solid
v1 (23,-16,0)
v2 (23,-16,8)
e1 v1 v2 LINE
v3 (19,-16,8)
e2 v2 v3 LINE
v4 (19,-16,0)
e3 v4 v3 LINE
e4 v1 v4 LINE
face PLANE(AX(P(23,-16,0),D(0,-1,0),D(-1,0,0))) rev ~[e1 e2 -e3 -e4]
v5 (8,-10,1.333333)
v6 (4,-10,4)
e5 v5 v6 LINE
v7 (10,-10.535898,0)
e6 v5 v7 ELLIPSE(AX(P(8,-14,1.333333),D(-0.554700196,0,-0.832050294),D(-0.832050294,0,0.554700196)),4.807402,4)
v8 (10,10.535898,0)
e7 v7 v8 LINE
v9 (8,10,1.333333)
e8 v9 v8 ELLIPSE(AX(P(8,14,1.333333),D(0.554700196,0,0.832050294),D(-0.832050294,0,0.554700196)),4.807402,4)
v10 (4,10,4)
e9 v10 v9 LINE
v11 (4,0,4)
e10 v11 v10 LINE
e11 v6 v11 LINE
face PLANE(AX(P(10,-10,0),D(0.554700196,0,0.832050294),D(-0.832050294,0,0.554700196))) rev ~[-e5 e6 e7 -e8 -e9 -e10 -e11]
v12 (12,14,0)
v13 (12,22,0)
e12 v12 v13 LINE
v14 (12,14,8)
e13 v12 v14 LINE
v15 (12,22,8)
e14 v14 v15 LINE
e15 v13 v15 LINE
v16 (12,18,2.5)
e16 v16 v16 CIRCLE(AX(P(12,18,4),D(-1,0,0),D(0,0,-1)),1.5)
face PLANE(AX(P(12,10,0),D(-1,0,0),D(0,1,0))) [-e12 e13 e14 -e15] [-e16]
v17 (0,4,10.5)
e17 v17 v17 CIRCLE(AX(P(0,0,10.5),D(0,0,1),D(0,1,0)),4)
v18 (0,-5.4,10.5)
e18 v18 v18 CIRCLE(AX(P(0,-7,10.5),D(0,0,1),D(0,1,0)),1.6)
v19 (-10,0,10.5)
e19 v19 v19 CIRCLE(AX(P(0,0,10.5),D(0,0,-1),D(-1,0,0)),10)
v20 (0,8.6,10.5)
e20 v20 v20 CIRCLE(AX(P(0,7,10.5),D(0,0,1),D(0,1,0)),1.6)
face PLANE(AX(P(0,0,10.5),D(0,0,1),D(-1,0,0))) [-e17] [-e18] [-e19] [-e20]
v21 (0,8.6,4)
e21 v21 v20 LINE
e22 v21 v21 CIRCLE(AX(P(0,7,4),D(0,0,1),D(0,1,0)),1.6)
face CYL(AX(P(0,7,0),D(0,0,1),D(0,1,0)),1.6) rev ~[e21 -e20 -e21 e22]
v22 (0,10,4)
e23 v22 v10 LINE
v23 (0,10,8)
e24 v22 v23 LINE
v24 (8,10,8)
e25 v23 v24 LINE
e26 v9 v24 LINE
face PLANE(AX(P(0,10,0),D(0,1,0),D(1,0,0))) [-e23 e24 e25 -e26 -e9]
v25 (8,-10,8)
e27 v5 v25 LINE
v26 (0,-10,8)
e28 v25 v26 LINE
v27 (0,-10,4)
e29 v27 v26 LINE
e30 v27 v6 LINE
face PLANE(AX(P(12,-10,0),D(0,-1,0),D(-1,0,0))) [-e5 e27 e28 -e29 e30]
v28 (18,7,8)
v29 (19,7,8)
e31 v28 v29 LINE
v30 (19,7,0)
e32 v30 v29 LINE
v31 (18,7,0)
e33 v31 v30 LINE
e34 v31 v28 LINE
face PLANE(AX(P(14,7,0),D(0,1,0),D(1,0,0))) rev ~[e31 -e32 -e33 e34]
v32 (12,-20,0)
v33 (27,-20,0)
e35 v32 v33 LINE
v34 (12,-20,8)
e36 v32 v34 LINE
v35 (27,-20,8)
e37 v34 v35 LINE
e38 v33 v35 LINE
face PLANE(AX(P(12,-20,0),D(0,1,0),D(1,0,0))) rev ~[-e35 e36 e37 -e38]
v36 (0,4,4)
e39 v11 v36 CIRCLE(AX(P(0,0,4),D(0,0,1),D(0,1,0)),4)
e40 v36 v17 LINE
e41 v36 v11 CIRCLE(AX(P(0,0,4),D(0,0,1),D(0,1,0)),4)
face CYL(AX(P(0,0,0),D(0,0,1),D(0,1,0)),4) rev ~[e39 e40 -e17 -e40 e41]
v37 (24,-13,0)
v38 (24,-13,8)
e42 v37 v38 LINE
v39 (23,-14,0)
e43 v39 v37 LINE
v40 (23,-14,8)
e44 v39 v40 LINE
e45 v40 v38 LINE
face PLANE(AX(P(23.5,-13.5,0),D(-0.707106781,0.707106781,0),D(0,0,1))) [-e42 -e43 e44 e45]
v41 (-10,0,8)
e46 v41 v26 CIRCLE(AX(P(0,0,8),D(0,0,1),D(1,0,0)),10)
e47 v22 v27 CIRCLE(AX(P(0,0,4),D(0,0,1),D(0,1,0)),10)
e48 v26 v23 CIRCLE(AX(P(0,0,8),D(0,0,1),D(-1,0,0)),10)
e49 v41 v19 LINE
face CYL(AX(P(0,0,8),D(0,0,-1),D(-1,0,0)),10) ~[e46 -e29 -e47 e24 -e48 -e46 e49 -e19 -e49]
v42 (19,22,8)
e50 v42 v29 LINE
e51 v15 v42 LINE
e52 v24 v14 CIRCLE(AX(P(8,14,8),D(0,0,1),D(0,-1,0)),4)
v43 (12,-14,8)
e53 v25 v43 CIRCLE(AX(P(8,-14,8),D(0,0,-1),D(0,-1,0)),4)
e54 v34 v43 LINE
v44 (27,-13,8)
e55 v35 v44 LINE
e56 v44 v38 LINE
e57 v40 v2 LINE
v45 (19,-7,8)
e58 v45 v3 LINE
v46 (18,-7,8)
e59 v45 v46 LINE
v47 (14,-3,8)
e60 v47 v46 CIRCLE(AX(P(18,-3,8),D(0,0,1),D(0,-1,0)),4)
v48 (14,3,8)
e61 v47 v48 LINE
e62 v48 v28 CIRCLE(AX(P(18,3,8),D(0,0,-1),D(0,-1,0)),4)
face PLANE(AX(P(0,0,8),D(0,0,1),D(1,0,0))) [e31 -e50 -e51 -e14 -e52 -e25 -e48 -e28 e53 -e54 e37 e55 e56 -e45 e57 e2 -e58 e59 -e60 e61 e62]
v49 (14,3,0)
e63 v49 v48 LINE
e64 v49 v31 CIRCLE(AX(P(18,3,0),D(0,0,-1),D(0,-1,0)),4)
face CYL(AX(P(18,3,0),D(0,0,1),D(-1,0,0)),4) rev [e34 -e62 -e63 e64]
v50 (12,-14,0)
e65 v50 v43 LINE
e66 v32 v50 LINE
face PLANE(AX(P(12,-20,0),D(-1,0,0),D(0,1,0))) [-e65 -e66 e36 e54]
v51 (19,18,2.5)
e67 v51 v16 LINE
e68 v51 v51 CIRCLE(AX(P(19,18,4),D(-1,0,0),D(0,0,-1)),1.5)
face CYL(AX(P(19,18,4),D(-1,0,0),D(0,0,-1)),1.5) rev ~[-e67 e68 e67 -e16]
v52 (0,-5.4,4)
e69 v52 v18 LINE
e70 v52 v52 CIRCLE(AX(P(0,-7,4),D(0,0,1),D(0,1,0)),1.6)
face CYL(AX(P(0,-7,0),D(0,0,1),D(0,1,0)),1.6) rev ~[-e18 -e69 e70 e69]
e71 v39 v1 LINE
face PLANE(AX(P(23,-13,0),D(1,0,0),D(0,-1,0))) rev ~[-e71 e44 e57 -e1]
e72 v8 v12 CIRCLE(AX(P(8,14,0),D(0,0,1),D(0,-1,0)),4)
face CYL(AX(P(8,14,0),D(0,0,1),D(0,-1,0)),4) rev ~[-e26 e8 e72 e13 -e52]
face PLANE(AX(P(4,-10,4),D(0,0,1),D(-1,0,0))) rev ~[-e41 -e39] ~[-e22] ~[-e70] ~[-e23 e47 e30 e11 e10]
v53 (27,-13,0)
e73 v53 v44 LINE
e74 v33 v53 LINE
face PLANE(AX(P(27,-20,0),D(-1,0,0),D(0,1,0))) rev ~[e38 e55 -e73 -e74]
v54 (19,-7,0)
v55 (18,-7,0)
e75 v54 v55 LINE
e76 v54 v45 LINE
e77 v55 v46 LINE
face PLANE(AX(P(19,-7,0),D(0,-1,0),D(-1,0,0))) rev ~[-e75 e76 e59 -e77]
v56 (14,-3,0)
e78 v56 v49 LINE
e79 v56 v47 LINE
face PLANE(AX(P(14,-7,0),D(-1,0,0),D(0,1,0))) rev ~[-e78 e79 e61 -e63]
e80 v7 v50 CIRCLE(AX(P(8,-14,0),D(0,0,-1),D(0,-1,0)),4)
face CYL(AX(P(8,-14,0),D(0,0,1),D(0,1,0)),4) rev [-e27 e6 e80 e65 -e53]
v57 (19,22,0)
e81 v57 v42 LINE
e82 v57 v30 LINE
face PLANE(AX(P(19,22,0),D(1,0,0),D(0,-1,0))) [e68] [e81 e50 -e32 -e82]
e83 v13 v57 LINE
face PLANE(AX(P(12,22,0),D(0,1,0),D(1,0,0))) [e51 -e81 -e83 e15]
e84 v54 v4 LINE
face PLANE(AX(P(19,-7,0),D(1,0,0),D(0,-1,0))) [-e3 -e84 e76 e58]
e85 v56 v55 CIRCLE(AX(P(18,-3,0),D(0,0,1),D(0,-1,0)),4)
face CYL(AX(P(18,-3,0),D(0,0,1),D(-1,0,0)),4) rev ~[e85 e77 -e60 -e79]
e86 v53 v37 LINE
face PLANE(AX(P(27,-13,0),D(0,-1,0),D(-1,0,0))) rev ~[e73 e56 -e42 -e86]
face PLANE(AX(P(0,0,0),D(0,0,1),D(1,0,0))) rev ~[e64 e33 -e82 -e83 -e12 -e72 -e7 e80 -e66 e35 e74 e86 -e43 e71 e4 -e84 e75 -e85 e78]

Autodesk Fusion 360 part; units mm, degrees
sketch "スケッチ1" plane through (0, 0, 0) normal (0, 0, 1) x (1, 0, 0)
  circle A0 centre (0, 0) radius 10
  line L0 (0, 10) -> (12, 10)
  line L1 (12, 10) -> (12, 22)
  line L2 (19, 22) -> (19, -16)
  line L3 (12, -20) -> (12, -10)
  line L4 (12, -10) -> (0, -10)
  line L5 (0, -7) -> (0, 7)
  line L6 (19, -7) -> (14, -7)
  line L7 (14, -7) -> (14, 7)
  line L8 (14, 7) -> (19, 7)
  line L9 (12, 22) -> (19, 22)
  line L10 (12, -20) -> (27, -20)
  line L11 (27, -20) -> (27, -13)
  line L12 (27, -13) -> (23, -13)
  line L13 (23, -13) -> (23, -16)
  line L14 (23, -16) -> (19, -16)
  point P0 (14, 0)
  dimension "d1" = 20
  dimension "d2" = 12
  dimension "d6" = 7
  dimension "d19" = 14
  dimension "d31" = 5
  dimension "d32" = 14
  dimension "d39" = 22
  dimension "d40" = 13
  dimension "d41" = 3
  dimension "d42" = 4
  dimension "d43" = 4
  dimension "d44" = 4
extrude "押し出し1" add sketch "スケッチ1" along normal blind 8 contours A0 | A0 L0 L1 L2 L3 L4 L6 L7 L8 L9 L10 L11 L12 L13 L14
sketch "スケッチ2" plane through (0, 0, 8) normal (0, 0, 1) x (-1, 0, 0)
  circle A0 centre (0, 0) radius 10
  line L0 (-12, 20) -> (-27, 20)
  line L1 (-27, 20) -> (-27, 13)
  line L2 (-27, 13) -> (-23, 13)
  line L3 (-23, 13) -> (-23, 16)
  line L4 (-23, 16) -> (-19, 16)
  line L5 (-19, 16) -> (-19, 7)
  line L6 (-19, -22) -> (-12, -22)
  line L7 (-12, -22) -> (-12, -10)
  line L8 (-12, -10) -> (0, -10)
  arc A1 (0, -10) -> (0, 10) centre (0, 0) ccw
  line L9 (0, 10) -> (-12, 10)
  line L10 (-12, 10) -> (-12, 20)
  line L11 (-19, 7) -> (-14, 7)
  line L12 (-14, 7) -> (-14, -7)
  line L13 (-14, -7) -> (-19, -7)
  line L14 (-19, -7) -> (-19, -22)
extrude "押し出し2" add sketch "スケッチ2" along normal blind 2.5 contours A0 A1
hole "穴1" at (0, 7, 0) at (0, -7, 0) direction (0, 0, 1) diameter 3.2 end through all
hole "穴3" at (0, 0, 0) direction (0, 0, 1) diameter 8 end through all
sketch "スケッチ3" plane through (0, -10, 0) normal (0, -1, 0) x (1, 0, 0)
  line L0 (0, 0) -> (12, 0)
  line L1 (12, 0) -> (12, 8)
  line L2 (12, 8) -> (0, 8)
  line L3 (0, 8) -> (0, 0)
  line L4 (10, 0) -> (4, 4)
  line L5 (4, 4) -> (-15, 4)
  line L6 (-15, 4) -> (-15, 0)
  line L7 (-15, 0) -> (10, 0)
  dimension "d20" = 10
  dimension "d21" = 15
  dimension "d22" = 6
  dimension "d23" = 4
extrude "押し出し3" cut sketch "スケッチ3" against normal through all contours L0 L3 L4 L5 L7 | L3 L5 L6 L7
sketch "スケッチ4" plane through (19, 0, 0) normal (1, 0, 0) x (0, 1, 0)
  line L0 (7, 0) -> (22, 0)
  line L1 (22, 8) -> (7, 8)
  line L2 (22, 4) -> (18, 4)
  line L3 (22, 0) -> (22, 8)
  line L4 (-16, 8) -> (-16, 0)
  line L5 (7, 8) -> (7, 0)
  line L6 (-16, 0) -> (-7, 0)
  line L7 (-7, 0) -> (-7, 8)
  line L8 (-7, 8) -> (-16, 8)
  dimension "d45" = 4
hole "穴2" at (19, 18, 4) direction (-1, 0, 0) diameter 3 depth 11 tip angle 118
thread "ねじ1"
fillet "フィレット1" radius 4 4 edges at (12, 10, 4) (12, -10, 4) (14, -7, 4) (14, 7, 4)
chamfer "面取り2" distance 1 angle 45 1 edges at (23, -13, 4)
